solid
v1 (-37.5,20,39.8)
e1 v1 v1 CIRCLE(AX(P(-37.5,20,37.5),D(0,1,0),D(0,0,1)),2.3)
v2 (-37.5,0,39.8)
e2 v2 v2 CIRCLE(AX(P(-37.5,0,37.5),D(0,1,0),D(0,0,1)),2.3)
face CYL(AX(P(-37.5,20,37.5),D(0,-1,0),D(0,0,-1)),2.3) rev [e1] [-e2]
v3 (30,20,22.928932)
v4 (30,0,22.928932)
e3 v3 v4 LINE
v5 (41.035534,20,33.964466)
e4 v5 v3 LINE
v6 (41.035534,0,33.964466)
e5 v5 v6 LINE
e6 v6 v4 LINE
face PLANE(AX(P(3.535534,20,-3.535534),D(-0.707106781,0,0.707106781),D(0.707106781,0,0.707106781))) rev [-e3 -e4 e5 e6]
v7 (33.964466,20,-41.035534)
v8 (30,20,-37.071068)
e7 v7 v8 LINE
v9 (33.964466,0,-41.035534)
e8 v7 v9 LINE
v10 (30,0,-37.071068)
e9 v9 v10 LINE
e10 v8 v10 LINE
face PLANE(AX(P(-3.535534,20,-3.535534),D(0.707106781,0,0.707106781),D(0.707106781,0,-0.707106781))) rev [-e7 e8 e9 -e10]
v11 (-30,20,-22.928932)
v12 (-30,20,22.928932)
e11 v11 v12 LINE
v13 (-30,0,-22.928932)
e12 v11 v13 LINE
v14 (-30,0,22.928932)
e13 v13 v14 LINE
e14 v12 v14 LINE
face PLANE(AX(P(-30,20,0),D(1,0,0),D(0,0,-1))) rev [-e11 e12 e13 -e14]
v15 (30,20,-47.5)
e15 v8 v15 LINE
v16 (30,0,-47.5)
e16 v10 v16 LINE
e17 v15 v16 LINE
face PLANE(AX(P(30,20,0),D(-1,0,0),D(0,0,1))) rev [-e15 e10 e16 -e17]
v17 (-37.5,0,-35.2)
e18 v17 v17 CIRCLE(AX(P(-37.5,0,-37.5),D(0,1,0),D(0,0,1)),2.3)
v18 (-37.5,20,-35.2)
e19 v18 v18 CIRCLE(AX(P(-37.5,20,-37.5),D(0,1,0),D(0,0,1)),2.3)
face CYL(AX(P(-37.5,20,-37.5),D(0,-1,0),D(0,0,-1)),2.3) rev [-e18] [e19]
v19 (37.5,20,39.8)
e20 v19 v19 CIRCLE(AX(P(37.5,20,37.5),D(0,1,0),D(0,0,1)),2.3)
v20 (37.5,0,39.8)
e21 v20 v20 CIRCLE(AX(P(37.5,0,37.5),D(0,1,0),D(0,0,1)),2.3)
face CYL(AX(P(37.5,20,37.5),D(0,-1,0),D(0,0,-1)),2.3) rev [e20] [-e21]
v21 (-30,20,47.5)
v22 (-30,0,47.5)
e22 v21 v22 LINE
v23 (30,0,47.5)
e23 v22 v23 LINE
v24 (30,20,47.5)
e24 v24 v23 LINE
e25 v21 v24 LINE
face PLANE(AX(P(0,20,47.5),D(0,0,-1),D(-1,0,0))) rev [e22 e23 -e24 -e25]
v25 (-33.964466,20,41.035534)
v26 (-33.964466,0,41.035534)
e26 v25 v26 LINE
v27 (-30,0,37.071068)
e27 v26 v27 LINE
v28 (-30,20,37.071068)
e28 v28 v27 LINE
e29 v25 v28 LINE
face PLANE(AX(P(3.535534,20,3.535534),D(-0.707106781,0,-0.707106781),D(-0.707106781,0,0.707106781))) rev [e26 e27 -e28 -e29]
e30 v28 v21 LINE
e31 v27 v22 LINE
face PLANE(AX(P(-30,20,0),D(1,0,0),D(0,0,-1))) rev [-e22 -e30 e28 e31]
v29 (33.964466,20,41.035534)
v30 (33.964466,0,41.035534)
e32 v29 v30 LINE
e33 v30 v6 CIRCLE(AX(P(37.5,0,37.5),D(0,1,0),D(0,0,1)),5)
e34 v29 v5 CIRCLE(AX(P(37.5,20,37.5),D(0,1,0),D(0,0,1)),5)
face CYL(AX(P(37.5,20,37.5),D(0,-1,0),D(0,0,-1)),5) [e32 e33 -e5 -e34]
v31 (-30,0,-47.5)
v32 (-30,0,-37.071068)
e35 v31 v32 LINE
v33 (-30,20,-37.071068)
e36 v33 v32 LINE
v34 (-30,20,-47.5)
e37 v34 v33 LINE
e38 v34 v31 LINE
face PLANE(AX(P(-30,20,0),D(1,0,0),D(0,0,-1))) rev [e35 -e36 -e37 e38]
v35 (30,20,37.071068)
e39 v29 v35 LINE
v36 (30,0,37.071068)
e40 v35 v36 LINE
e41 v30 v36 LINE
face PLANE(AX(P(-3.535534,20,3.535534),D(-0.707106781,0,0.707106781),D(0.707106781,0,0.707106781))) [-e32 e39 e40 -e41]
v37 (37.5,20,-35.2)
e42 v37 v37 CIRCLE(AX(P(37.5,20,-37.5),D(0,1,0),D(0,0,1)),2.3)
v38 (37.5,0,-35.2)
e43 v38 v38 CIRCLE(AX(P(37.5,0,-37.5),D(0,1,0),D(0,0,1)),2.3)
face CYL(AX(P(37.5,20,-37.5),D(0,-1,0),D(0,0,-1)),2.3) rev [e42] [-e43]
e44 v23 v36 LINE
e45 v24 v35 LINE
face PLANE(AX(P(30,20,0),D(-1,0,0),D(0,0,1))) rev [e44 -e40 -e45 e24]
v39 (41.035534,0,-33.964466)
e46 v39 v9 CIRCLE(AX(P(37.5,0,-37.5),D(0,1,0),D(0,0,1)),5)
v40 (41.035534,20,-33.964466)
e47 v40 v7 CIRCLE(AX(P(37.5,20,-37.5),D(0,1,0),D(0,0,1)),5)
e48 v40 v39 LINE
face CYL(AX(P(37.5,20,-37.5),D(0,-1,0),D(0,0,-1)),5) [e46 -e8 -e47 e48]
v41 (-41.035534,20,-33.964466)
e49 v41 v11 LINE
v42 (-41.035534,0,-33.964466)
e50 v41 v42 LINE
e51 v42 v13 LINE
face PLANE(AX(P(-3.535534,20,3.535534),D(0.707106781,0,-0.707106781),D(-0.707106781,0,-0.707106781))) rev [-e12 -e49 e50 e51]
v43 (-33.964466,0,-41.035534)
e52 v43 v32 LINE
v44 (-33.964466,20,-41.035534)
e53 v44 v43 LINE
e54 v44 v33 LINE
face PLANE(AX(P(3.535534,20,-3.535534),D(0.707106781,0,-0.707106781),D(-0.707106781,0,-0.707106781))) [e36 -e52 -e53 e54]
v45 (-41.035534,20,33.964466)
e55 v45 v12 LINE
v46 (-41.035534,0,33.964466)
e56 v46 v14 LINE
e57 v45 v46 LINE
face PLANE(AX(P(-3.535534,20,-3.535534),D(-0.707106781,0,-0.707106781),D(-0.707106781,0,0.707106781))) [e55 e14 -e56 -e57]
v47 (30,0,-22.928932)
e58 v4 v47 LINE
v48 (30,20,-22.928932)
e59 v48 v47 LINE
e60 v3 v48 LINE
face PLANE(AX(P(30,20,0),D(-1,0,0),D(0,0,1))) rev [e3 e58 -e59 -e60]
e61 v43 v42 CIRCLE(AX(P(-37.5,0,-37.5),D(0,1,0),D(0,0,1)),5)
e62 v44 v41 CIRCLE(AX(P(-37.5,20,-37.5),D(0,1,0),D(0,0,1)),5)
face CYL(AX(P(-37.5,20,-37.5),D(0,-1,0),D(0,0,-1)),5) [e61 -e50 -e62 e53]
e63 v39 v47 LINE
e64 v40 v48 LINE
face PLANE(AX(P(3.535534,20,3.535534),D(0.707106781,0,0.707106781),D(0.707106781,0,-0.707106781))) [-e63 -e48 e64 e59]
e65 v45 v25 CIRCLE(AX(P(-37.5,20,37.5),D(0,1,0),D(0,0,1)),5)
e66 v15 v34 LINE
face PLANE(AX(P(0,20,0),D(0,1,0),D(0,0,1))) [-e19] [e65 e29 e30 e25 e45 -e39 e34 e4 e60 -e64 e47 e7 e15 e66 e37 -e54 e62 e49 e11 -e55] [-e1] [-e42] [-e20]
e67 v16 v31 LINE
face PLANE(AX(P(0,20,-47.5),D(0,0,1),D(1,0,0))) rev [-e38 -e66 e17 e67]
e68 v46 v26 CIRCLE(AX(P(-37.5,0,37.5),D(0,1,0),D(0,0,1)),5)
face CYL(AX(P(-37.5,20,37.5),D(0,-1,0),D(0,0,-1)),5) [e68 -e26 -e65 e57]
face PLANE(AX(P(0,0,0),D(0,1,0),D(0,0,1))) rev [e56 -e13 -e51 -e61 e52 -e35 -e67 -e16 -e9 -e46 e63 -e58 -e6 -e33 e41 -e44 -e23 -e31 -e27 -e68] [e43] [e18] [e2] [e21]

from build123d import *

# Parameters (mm, degrees)
BOSS_EXTRU_1_DEPTH = 20


with BuildPart() as part:
    # Esquisse1 → Boss.-Extru.1 (new body)
    with BuildSketch(Plane(origin=(0, 0, 0), x_dir=(1, 0, 0), z_dir=(0, 1, 0))):
        Polygon((30, -47.5), (30, 47.5), (0, 47.5), (-30, 47.5), (-30, -47.5), align=None)
        with BuildLine():
            Line((-30, -37.071067812), (-30, -22.928932188))
            Line((-30, -22.928932188), (-41.035533906, -33.964466094))
            ThreePointArc((-41.035533906, -33.964466094), (-35.586582838, -32.880602337), (-32.5, -37.5))
            ThreePointArc((-32.5, -37.5), (-32.880602337, -39.413417162), (-33.964466094, -41.035533906))
            Line((-33.964466094, -41.035533906), (-30, -37.071067812))
        make_face()
        with BuildLine():
            ThreePointArc((-32.5, -37.5), (-35.586582838, -32.880602337), (-41.035533906, -33.964466094))
            Line((-41.035533906, -33.964466094), (-39.126345597, -35.873654403))
            ThreePointArc((-39.126345597, -35.873654403), (-36.619828106, -35.375077075), (-35.2, -37.5))
            ThreePointArc((-35.2, -37.5), (-35.375077075, -38.380171894), (-35.873654403, -39.126345597))
            Line((-35.873654403, -39.126345597), (-33.964466094, -41.035533906))
            ThreePointArc((-33.964466094, -41.035533906), (-32.880602337, -39.413417162), (-32.5, -37.5))
        make_face()
        with BuildLine():
            Line((-39.126345597, -35.873654403), (-41.035533906, -33.964466094))
            ThreePointArc((-41.035533906, -33.964466094), (-41.035533906, -41.035533906), (-33.964466094, -41.035533906))
            Line((-33.964466094, -41.035533906), (-35.873654403, -39.126345597))
            ThreePointArc((-35.873654403, -39.126345597), (-39.126345597, -39.126345597), (-39.126345597, -35.873654403))
        make_face()
        with BuildLine():
            ThreePointArc((42.5, -37.5), (42.119397663, -35.586582838), (41.035533906, -33.964466094))
            Line((41.035533906, -33.964466094), (39.126345597, -35.873654403))
            ThreePointArc((39.126345597, -35.873654403), (39.624922925, -36.619828106), (39.8, -37.5))
            ThreePointArc((39.8, -37.5), (38.380171894, -39.624922925), (35.873654403, -39.126345597))
            Line((35.873654403, -39.126345597), (33.964466094, -41.035533906))
            ThreePointArc((33.964466094, -41.035533906), (39.413417162, -42.119397663), (42.5, -37.5))
        make_face()
        with BuildLine():
            Line((39.126345597, -35.873654403), (41.035533906, -33.964466094))
            ThreePointArc((41.035533906, -33.964466094), (33.964466094, -33.964466094), (33.964466094, -41.035533906))
            Line((33.964466094, -41.035533906), (35.873654403, -39.126345597))
            ThreePointArc((35.873654403, -39.126345597), (35.873654403, -35.873654403), (39.126345597, -35.873654403))
        make_face()
        with BuildLine():
            Line((41.035533906, -33.964466094), (30, -22.928932188))
            Line((30, -22.928932188), (30, -37.071067812))
            Line((30, -37.071067812), (33.964466094, -41.035533906))
            ThreePointArc((33.964466094, -41.035533906), (33.964466094, -33.964466094), (41.035533906, -33.964466094))
        make_face()
        with BuildLine():
            Line((33.964466094, 41.035533906), (30, 37.071067812))
            Line((30, 37.071067812), (30, 22.928932188))
            Line((30, 22.928932188), (41.035533906, 33.964466094))
            ThreePointArc((41.035533906, 33.964466094), (33.964466094, 33.964466094), (33.964466094, 41.035533906))
        make_face()
        with BuildLine():
            ThreePointArc((42.5, 37.5), (39.413417162, 42.119397663), (33.964466094, 41.035533906))
            Line((33.964466094, 41.035533906), (35.873654403, 39.126345597))
            ThreePointArc((35.873654403, 39.126345597), (38.380171894, 39.624922925), (39.8, 37.5))
            ThreePointArc((39.8, 37.5), (39.624922925, 36.619828106), (39.126345597, 35.873654403))
            Line((39.126345597, 35.873654403), (41.035533906, 33.964466094))
            ThreePointArc((41.035533906, 33.964466094), (42.119397663, 35.586582838), (42.5, 37.5))
        make_face()
        with BuildLine():
            Line((35.873654403, 39.126345597), (33.964466094, 41.035533906))
            ThreePointArc((33.964466094, 41.035533906), (33.964466094, 33.964466094), (41.035533906, 33.964466094))
            Line((41.035533906, 33.964466094), (39.126345597, 35.873654403))
            ThreePointArc((39.126345597, 35.873654403), (35.873654403, 35.873654403), (35.873654403, 39.126345597))
        make_face()
        with BuildLine():
            Line((-30, 22.928932188), (-30, 37.071067812))
            Line((-30, 37.071067812), (-33.964466094, 41.035533906))
            ThreePointArc((-33.964466094, 41.035533906), (-32.880602337, 39.413417162), (-32.5, 37.5))
            ThreePointArc((-32.5, 37.5), (-35.586582838, 32.880602337), (-41.035533906, 33.964466094))
            Line((-41.035533906, 33.964466094), (-30, 22.928932188))
        make_face()
        with BuildLine():
            ThreePointArc((-32.5, 37.5), (-32.880602337, 39.413417162), (-33.964466094, 41.035533906))
            Line((-33.964466094, 41.035533906), (-35.873654403, 39.126345597))
            ThreePointArc((-35.873654403, 39.126345597), (-35.375077075, 38.380171894), (-35.2, 37.5))
            ThreePointArc((-35.2, 37.5), (-36.619828106, 35.375077075), (-39.126345597, 35.873654403))
            Line((-39.126345597, 35.873654403), (-41.035533906, 33.964466094))
            ThreePointArc((-41.035533906, 33.964466094), (-35.586582838, 32.880602337), (-32.5, 37.5))
        make_face()
        with BuildLine():
            Line((-35.873654403, 39.126345597), (-33.964466094, 41.035533906))
            ThreePointArc((-33.964466094, 41.035533906), (-41.035533906, 41.035533906), (-41.035533906, 33.964466094))
            Line((-41.035533906, 33.964466094), (-39.126345597, 35.873654403))
            ThreePointArc((-39.126345597, 35.873654403), (-39.126345597, 39.126345597), (-35.873654403, 39.126345597))
        make_face()
    extrude(amount=BOSS_EXTRU_1_DEPTH)


solid = part.part
